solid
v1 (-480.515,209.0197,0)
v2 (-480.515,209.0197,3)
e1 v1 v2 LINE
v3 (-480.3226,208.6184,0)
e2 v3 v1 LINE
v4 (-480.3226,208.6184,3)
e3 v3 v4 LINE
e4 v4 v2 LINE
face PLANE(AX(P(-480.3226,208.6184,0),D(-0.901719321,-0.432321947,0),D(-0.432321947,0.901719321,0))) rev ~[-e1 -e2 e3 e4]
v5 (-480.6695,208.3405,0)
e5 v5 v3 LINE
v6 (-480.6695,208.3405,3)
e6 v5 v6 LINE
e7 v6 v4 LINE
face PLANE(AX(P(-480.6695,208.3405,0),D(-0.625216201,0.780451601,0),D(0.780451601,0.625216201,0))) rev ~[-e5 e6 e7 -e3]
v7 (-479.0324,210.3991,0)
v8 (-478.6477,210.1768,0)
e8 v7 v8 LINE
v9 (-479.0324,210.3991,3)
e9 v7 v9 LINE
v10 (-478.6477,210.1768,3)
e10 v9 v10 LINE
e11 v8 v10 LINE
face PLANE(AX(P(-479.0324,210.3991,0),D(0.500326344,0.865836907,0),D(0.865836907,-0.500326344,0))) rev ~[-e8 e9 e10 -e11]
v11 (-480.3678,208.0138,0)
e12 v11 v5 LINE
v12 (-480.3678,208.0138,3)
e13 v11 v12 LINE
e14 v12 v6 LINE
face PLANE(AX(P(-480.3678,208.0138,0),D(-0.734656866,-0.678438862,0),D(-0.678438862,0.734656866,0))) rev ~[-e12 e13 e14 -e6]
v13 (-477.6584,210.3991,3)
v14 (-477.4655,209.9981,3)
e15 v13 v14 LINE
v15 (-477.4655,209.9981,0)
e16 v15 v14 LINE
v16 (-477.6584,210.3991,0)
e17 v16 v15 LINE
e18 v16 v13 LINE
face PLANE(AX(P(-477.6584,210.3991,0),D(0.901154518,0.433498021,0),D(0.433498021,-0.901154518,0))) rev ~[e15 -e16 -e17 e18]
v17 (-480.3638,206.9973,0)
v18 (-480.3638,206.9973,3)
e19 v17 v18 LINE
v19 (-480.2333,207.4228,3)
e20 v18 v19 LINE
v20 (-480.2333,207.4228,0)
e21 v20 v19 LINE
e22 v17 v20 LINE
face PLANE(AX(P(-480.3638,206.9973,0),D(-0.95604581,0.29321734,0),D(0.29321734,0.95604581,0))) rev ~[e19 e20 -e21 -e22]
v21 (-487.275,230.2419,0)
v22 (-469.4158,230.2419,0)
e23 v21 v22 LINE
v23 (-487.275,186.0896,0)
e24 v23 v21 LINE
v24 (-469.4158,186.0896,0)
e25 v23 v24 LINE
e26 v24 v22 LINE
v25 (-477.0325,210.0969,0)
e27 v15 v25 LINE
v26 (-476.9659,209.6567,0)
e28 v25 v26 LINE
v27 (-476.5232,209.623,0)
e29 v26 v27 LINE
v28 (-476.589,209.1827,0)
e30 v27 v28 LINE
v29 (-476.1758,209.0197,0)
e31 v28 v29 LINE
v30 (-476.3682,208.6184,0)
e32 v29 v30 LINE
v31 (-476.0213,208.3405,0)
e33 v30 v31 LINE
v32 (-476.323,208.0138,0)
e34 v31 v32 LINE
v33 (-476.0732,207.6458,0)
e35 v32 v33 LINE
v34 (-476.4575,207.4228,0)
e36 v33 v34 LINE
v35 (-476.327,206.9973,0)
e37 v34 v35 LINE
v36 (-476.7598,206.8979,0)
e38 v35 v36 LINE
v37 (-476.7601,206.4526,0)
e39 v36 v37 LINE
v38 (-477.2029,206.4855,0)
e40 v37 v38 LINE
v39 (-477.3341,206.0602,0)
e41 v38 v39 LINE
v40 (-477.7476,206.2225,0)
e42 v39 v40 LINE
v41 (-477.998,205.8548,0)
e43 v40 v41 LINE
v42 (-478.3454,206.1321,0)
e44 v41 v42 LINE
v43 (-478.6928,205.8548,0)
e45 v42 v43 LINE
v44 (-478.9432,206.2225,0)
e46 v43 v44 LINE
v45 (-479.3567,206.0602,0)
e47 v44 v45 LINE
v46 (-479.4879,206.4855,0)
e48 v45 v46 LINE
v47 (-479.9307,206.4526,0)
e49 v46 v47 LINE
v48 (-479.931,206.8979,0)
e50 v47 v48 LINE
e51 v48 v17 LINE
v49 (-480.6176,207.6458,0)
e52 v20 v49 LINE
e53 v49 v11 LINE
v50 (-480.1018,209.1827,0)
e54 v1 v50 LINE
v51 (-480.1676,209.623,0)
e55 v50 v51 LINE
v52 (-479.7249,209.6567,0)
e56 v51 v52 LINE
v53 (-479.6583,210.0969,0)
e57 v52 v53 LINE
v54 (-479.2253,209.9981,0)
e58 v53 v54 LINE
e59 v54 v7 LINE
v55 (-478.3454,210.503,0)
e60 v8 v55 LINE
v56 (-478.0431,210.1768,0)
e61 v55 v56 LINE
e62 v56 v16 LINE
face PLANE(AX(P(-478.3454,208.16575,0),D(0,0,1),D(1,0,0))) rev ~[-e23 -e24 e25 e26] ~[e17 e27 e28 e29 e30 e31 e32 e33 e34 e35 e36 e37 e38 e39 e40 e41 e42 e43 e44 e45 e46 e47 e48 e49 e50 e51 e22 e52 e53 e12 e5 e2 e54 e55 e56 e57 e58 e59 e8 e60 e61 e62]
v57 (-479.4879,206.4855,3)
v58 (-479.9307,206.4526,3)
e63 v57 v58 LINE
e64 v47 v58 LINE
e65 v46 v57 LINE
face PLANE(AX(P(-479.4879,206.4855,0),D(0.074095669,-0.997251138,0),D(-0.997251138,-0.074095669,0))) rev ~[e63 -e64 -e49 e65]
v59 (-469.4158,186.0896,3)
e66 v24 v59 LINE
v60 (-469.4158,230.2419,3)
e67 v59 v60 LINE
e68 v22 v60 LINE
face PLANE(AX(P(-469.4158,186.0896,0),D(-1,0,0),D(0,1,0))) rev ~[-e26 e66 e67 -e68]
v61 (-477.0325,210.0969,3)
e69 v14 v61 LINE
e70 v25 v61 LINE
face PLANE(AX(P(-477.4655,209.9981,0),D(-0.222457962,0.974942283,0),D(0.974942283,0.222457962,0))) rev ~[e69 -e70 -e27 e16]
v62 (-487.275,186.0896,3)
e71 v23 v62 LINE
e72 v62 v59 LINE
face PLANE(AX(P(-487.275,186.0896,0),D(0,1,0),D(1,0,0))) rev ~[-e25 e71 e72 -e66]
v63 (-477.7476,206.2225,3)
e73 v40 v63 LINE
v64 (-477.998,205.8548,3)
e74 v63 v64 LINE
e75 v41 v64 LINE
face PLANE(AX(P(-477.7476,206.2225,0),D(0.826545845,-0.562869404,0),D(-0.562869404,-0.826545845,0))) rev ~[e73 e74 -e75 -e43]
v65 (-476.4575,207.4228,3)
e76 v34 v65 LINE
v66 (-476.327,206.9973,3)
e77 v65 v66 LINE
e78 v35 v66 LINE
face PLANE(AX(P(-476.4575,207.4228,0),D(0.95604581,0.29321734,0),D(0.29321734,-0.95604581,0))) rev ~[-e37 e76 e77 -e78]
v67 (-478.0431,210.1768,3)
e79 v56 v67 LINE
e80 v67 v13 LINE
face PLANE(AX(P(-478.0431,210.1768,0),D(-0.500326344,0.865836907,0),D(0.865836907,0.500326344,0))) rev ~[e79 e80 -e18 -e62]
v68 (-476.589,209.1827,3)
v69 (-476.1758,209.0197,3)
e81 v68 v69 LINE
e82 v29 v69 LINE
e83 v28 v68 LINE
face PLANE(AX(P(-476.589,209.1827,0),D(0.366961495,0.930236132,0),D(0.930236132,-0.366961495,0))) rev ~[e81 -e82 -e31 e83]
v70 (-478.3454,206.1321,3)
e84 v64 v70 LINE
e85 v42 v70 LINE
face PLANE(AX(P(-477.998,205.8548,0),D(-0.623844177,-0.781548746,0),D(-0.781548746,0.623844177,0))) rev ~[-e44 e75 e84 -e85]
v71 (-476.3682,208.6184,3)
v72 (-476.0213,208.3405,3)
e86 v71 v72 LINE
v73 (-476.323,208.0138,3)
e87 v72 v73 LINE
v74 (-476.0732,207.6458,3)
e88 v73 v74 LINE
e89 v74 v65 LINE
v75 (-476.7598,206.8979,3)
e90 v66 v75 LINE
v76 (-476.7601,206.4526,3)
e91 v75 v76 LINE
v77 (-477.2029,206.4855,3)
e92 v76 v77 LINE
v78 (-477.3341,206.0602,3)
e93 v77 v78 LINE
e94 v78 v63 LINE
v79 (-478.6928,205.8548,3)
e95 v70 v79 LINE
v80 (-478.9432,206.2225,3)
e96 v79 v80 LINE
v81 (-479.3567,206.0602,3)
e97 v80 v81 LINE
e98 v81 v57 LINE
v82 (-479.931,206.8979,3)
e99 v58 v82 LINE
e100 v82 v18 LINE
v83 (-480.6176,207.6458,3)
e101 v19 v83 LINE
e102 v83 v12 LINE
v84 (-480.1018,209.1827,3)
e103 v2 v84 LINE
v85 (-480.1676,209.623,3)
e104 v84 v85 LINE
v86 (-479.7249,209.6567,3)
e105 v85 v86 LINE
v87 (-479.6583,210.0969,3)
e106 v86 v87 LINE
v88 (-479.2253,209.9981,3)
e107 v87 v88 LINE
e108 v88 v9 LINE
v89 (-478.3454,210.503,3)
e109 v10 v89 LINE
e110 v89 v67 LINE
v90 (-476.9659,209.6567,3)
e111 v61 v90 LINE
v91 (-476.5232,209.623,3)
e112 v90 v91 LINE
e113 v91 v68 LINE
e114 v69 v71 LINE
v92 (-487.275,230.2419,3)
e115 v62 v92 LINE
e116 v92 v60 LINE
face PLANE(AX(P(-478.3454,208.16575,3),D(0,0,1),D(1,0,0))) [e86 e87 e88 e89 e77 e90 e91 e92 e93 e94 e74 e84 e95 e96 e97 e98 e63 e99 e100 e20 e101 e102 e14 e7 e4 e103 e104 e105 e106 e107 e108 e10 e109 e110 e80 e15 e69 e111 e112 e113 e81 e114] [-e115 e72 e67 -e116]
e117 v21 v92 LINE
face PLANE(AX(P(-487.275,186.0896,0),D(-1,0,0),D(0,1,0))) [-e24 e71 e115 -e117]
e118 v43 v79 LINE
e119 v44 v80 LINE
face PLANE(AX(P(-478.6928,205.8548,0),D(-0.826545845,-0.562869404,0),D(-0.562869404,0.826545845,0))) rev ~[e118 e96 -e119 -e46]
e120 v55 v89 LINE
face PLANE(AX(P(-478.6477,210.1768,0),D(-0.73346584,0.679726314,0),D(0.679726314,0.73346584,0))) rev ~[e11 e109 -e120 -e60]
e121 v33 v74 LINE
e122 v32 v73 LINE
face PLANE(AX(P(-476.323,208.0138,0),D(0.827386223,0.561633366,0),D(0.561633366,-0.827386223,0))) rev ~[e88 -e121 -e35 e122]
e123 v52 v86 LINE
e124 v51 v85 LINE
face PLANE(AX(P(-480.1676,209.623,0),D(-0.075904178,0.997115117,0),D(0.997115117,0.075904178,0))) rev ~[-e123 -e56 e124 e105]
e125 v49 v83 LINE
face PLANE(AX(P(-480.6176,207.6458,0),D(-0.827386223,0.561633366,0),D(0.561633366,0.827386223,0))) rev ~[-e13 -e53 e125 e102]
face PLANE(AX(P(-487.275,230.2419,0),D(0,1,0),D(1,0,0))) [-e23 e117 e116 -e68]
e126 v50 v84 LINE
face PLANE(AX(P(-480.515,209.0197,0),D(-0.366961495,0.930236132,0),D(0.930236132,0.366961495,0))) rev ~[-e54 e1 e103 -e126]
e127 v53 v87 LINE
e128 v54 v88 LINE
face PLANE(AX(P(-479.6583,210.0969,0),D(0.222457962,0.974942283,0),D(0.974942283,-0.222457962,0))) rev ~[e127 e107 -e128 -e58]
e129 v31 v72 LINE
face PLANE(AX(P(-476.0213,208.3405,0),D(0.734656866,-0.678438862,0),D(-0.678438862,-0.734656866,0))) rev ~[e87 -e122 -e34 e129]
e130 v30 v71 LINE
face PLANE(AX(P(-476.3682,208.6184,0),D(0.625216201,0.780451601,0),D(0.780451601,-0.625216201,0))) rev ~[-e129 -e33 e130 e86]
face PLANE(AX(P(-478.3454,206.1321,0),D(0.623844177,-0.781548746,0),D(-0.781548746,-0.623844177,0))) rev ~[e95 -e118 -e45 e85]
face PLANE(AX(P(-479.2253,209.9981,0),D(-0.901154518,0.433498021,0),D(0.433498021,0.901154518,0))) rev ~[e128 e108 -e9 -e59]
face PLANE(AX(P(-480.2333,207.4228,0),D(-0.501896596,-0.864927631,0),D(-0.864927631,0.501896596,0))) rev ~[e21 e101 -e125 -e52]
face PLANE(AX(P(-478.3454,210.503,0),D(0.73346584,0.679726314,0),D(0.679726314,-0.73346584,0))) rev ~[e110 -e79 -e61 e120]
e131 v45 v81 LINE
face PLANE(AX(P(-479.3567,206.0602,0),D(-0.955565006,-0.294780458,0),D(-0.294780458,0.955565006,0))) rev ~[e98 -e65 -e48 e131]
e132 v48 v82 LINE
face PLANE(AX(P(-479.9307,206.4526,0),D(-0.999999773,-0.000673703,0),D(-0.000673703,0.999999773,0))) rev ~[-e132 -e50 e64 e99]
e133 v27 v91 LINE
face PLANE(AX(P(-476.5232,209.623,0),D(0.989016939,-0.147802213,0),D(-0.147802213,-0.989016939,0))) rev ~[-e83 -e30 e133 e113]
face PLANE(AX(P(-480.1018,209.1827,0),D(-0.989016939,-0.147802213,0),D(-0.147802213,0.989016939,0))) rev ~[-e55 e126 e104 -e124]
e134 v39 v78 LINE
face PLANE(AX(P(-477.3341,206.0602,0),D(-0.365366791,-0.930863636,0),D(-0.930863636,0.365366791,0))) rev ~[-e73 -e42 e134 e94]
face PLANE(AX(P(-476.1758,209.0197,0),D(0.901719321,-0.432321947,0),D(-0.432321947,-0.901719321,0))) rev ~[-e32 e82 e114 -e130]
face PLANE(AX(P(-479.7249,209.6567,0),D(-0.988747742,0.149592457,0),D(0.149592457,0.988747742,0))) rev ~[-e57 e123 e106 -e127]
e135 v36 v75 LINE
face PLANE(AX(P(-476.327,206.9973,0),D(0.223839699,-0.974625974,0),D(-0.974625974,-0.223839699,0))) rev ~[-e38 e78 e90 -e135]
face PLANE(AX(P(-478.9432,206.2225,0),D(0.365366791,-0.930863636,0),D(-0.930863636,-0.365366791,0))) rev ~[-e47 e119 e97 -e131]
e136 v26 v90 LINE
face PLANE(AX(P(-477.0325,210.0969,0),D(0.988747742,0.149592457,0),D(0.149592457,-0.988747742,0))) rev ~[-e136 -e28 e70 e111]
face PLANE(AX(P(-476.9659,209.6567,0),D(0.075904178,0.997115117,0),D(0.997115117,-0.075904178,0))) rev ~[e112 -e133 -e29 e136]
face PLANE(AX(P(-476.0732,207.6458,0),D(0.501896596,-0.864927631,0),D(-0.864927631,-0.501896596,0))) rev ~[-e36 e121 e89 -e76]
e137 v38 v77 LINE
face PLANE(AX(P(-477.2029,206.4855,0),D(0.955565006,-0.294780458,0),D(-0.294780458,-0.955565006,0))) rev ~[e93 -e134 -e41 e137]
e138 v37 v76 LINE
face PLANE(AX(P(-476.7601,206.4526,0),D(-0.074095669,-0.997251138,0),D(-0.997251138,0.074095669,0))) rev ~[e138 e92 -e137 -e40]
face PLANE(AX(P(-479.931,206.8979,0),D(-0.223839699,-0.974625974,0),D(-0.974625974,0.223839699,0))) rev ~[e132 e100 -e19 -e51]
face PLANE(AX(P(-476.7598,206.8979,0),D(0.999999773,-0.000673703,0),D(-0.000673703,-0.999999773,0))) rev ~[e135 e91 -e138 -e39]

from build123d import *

# Parameters (mm, degrees)
MODEL_W             = 17.8592
MODEL_H             = 44.1523
BOSS_EXTRUDE1_DEPTH = 3


with BuildPart() as part:
    # Model → Boss-Extrude1 (new body)
    with BuildSketch(Plane.XY):
        with Locations((-478.3454, 208.16575)):
            Rectangle(MODEL_W, MODEL_H)
        Polygon((-478.3454, 210.503), (-478.0431, 210.1768), (-477.6584, 210.3991), (-477.4655, 209.9981), (-477.0325, 210.0969), (-476.9659, 209.6567), (-476.5232, 209.623), (-476.589, 209.1827), (-476.1758, 209.0197), (-476.3682, 208.6184), (-476.0213, 208.3405), (-476.323, 208.0138), (-476.0732, 207.6458), (-476.4575, 207.4228), (-476.327, 206.9973), (-476.7598, 206.8979), (-476.7601, 206.4526), (-477.2029, 206.4855), (-477.3341, 206.0602), (-477.7476, 206.2225), (-477.998, 205.8548), (-478.3454, 206.1321), (-478.6928, 205.8548), (-478.9432, 206.2225), (-479.3567, 206.0602), (-479.4879, 206.4855), (-479.9307, 206.4526), (-479.931, 206.8979), (-480.3638, 206.9973), (-480.2333, 207.4228), (-480.6176, 207.6458), (-480.3678, 208.0138), (-480.6695, 208.3405), (-480.3226, 208.6184), (-480.515, 209.0197), (-480.1018, 209.1827), (-480.1676, 209.623), (-479.7249, 209.6567), (-479.6583, 210.0969), (-479.2253, 209.9981), (-479.0324, 210.3991), (-478.6477, 210.1768), align=None, mode=Mode.SUBTRACT)
    extrude(amount=BOSS_EXTRUDE1_DEPTH)


solid = part.part
